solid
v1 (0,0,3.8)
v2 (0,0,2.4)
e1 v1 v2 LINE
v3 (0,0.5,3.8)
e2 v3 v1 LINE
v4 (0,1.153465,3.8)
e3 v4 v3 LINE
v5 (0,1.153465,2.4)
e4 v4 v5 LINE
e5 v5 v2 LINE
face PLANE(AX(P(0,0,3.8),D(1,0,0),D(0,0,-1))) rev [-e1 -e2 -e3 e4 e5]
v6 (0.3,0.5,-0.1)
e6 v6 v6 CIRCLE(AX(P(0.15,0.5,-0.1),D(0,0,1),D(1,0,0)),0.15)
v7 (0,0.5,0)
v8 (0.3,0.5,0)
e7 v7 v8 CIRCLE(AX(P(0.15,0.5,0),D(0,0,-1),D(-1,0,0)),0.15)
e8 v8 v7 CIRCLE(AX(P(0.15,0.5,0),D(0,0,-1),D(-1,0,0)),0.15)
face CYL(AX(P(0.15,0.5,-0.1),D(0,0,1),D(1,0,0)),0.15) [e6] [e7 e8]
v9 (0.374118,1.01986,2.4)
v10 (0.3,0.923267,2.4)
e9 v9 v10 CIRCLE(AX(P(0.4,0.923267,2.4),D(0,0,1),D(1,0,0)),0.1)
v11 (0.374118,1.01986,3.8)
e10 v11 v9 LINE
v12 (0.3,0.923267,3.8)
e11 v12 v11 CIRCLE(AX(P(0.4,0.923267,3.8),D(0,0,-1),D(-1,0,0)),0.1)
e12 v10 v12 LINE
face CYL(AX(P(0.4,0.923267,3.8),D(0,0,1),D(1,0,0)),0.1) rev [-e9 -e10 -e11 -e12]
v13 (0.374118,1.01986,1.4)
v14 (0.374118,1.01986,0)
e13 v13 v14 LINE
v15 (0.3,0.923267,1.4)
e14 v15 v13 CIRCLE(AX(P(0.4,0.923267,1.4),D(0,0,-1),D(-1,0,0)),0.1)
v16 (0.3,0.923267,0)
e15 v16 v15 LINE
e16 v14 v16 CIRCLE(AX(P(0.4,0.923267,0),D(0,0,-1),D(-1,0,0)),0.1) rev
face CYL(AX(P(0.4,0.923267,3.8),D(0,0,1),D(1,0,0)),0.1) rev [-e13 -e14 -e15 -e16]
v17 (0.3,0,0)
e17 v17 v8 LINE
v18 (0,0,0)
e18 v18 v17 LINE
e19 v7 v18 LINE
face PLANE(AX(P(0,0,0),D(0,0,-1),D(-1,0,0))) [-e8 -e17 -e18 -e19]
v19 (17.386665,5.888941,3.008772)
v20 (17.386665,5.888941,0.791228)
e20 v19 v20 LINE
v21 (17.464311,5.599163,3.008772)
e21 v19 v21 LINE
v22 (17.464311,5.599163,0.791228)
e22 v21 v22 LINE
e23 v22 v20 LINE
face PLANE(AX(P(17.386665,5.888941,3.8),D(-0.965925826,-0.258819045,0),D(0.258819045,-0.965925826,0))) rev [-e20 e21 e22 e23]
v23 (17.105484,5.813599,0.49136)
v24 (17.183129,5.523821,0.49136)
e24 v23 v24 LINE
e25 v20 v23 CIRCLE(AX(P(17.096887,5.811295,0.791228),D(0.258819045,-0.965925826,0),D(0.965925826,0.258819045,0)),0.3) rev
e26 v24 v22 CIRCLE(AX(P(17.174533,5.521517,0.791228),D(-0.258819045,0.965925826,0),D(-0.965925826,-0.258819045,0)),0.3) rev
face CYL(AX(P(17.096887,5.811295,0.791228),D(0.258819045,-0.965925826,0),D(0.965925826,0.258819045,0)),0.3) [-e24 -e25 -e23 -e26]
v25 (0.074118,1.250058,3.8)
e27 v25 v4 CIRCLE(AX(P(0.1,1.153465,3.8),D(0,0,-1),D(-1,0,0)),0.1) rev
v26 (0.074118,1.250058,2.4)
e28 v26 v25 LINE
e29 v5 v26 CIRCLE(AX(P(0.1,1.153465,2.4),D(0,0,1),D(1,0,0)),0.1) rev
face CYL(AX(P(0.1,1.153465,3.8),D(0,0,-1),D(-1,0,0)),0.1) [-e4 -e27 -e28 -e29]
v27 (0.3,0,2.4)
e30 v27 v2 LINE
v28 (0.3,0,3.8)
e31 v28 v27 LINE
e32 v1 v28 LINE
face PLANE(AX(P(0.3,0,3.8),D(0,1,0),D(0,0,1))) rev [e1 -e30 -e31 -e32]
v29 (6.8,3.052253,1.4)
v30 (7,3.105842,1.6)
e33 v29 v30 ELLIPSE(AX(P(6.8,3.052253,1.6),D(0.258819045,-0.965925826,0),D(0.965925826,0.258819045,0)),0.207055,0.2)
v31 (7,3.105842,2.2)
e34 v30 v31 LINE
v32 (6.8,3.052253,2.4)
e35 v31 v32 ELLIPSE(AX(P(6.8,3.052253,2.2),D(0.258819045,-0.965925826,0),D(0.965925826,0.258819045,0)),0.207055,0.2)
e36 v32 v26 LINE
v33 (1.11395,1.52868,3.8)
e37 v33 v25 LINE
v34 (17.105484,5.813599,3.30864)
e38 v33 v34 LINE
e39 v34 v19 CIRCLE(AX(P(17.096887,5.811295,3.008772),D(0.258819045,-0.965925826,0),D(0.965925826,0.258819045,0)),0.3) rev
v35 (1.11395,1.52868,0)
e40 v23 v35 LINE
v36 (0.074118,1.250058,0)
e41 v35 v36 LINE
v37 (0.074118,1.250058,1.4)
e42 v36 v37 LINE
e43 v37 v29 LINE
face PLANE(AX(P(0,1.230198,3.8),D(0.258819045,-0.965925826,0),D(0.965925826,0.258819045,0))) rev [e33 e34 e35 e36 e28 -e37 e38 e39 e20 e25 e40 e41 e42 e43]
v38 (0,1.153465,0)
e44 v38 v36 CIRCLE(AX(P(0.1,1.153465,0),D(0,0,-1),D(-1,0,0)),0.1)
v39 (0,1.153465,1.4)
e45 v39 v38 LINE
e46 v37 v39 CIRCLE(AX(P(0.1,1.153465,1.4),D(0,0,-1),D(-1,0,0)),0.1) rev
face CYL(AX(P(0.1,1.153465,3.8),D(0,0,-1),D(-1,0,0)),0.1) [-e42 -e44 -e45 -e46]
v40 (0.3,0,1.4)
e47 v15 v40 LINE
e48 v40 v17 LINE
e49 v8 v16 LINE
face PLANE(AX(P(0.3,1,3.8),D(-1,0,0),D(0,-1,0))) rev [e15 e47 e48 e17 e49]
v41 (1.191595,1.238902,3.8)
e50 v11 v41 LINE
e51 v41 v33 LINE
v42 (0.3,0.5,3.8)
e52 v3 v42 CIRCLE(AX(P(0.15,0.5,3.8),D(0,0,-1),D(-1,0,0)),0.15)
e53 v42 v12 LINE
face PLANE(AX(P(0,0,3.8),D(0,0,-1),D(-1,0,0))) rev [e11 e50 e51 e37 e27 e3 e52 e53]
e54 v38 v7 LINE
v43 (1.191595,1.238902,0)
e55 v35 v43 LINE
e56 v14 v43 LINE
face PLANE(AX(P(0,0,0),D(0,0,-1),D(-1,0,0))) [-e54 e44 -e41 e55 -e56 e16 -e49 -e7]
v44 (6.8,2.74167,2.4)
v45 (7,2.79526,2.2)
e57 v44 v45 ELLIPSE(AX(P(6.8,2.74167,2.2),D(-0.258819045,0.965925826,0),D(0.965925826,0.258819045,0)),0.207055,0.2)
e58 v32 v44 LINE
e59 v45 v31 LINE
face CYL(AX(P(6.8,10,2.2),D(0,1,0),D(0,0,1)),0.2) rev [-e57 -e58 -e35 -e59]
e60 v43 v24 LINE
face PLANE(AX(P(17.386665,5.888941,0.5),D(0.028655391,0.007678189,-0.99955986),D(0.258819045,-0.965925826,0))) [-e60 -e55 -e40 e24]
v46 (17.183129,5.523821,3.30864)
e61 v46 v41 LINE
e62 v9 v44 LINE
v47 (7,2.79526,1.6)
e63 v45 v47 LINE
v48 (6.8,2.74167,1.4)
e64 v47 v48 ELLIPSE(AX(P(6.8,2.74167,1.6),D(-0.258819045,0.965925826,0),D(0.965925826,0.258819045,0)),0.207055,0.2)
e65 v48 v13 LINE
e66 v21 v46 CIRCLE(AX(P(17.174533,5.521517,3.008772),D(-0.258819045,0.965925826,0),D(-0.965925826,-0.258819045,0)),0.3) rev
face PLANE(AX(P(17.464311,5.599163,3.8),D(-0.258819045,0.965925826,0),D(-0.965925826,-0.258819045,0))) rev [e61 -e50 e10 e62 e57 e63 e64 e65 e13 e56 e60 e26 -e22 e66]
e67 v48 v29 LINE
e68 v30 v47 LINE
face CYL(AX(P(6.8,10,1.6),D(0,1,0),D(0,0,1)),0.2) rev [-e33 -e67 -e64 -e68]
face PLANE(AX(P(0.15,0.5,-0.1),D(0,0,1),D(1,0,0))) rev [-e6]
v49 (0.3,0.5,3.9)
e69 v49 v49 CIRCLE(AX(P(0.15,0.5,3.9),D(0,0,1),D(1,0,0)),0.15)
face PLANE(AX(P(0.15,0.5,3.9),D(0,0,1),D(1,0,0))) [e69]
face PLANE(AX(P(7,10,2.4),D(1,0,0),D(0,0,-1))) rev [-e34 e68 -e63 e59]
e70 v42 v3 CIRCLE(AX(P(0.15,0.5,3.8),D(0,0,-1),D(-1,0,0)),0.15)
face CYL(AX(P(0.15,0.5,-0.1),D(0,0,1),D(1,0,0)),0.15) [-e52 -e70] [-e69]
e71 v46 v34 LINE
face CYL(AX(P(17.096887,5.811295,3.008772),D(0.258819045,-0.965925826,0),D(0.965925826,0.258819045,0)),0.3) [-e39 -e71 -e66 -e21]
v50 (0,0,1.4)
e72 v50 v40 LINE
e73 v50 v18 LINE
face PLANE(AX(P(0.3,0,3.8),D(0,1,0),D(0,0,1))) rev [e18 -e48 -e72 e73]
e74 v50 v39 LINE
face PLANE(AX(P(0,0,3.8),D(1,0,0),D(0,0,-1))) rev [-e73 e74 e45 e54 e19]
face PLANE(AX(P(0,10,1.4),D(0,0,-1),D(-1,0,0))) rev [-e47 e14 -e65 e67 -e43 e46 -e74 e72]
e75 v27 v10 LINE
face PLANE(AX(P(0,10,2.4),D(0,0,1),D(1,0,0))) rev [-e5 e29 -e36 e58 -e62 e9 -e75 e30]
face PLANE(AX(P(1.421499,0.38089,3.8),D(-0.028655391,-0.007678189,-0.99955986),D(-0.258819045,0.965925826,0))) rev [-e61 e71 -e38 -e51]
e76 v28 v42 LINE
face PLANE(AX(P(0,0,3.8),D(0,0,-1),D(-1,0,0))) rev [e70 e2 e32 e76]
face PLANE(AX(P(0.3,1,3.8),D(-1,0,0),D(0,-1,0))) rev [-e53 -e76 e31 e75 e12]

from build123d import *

# Parameters (mm, degrees)
BOSS_EXTRUDE1_DEPTH      = 3.8
CHAMFER1_SIZE            = 0.5
CHAMFER1_SIZE2           = 16.846754467
BOSS_EXTRUDE2_DEPTH      = 0.1
BOSS_EXTRUDE2_DEPTH_BACK = 3.9
SKETCH3_R                = 0.15
SKETCH4_W                = 7
SKETCH4_H                = 1
CUT_EXTRUDE2_DEPTH       = 10
FILLET1_R                = 0.1
FILLET2_R                = 0.3
FILLET3_R                = 0.2


with BuildPart() as part:
    # Sketch1 → Boss-Extrude1 (new body)
    with BuildSketch(Plane.XY):
        Polygon((0, 0), (0, 1.230198096), (17.386664873, 5.888940908), (17.464310587, 5.59916316), (0.3, 1), (0.3, 0), align=None)
    extrude(amount=BOSS_EXTRUDE1_DEPTH)

    # Chamfer1
    chamfer1_edges = [part.edges().sort_by_distance(p)[0] for p in [
        (17.42548773, 5.744052034, 3.8),
        (17.42548773, 5.744052034, 0),
    ]]
    chamfer1_side = [part.faces().sort_by_distance(p)[0] for p in [
        (17.42548773, 5.744052034, 1.9),
    ]]
    chamfer(chamfer1_edges, length=CHAMFER1_SIZE, length2=CHAMFER1_SIZE2, reference=chamfer1_side[0])

    # Sketch3 → Boss-Extrude2 (add, two sides: drawn at the far end of the back side and taken through both)
    with BuildSketch(Plane.XY.offset(3.8).offset(-BOSS_EXTRUDE2_DEPTH_BACK)):
        with Locations((0.15, 0.5)):
            Circle(SKETCH3_R)
    extrude(amount=BOSS_EXTRUDE2_DEPTH + BOSS_EXTRUDE2_DEPTH_BACK)

    # Sketch4 → Cut-Extrude2 (cut)
    with BuildSketch(Plane.XZ):
        with Locations((3.5, 1.9)):
            Rectangle(SKETCH4_W, SKETCH4_H)
    extrude(amount=-CUT_EXTRUDE2_DEPTH, mode=Mode.SUBTRACT)

    # Fillet1
    fillet1_edges = [part.edges().sort_by_distance(p)[0] for p in [
        (0, 1.230198096, 3.1),
        (0.3, 1, 3.1),
        (0, 1.230198096, 0.7),
        (0.3, 1, 0.7),
    ]]
    fillet(fillet1_edges, radius=FILLET1_R)

    # Fillet2
    fillet2_edges = [part.edges().sort_by_distance(p)[0] for p in [
        (17.42548773, 5.744052034, 0.5),
        (17.42548773, 5.744052034, 3.3),
    ]]
    fillet(fillet2_edges, radius=FILLET2_R)

    # Fillet3
    fillet3_edges = [part.edges().sort_by_distance(p)[0] for p in [
        (7, 2.950551016, 2.4),
        (7, 2.950551016, 1.4),
    ]]
    fillet(fillet3_edges, radius=FILLET3_R)


solid = part.part
